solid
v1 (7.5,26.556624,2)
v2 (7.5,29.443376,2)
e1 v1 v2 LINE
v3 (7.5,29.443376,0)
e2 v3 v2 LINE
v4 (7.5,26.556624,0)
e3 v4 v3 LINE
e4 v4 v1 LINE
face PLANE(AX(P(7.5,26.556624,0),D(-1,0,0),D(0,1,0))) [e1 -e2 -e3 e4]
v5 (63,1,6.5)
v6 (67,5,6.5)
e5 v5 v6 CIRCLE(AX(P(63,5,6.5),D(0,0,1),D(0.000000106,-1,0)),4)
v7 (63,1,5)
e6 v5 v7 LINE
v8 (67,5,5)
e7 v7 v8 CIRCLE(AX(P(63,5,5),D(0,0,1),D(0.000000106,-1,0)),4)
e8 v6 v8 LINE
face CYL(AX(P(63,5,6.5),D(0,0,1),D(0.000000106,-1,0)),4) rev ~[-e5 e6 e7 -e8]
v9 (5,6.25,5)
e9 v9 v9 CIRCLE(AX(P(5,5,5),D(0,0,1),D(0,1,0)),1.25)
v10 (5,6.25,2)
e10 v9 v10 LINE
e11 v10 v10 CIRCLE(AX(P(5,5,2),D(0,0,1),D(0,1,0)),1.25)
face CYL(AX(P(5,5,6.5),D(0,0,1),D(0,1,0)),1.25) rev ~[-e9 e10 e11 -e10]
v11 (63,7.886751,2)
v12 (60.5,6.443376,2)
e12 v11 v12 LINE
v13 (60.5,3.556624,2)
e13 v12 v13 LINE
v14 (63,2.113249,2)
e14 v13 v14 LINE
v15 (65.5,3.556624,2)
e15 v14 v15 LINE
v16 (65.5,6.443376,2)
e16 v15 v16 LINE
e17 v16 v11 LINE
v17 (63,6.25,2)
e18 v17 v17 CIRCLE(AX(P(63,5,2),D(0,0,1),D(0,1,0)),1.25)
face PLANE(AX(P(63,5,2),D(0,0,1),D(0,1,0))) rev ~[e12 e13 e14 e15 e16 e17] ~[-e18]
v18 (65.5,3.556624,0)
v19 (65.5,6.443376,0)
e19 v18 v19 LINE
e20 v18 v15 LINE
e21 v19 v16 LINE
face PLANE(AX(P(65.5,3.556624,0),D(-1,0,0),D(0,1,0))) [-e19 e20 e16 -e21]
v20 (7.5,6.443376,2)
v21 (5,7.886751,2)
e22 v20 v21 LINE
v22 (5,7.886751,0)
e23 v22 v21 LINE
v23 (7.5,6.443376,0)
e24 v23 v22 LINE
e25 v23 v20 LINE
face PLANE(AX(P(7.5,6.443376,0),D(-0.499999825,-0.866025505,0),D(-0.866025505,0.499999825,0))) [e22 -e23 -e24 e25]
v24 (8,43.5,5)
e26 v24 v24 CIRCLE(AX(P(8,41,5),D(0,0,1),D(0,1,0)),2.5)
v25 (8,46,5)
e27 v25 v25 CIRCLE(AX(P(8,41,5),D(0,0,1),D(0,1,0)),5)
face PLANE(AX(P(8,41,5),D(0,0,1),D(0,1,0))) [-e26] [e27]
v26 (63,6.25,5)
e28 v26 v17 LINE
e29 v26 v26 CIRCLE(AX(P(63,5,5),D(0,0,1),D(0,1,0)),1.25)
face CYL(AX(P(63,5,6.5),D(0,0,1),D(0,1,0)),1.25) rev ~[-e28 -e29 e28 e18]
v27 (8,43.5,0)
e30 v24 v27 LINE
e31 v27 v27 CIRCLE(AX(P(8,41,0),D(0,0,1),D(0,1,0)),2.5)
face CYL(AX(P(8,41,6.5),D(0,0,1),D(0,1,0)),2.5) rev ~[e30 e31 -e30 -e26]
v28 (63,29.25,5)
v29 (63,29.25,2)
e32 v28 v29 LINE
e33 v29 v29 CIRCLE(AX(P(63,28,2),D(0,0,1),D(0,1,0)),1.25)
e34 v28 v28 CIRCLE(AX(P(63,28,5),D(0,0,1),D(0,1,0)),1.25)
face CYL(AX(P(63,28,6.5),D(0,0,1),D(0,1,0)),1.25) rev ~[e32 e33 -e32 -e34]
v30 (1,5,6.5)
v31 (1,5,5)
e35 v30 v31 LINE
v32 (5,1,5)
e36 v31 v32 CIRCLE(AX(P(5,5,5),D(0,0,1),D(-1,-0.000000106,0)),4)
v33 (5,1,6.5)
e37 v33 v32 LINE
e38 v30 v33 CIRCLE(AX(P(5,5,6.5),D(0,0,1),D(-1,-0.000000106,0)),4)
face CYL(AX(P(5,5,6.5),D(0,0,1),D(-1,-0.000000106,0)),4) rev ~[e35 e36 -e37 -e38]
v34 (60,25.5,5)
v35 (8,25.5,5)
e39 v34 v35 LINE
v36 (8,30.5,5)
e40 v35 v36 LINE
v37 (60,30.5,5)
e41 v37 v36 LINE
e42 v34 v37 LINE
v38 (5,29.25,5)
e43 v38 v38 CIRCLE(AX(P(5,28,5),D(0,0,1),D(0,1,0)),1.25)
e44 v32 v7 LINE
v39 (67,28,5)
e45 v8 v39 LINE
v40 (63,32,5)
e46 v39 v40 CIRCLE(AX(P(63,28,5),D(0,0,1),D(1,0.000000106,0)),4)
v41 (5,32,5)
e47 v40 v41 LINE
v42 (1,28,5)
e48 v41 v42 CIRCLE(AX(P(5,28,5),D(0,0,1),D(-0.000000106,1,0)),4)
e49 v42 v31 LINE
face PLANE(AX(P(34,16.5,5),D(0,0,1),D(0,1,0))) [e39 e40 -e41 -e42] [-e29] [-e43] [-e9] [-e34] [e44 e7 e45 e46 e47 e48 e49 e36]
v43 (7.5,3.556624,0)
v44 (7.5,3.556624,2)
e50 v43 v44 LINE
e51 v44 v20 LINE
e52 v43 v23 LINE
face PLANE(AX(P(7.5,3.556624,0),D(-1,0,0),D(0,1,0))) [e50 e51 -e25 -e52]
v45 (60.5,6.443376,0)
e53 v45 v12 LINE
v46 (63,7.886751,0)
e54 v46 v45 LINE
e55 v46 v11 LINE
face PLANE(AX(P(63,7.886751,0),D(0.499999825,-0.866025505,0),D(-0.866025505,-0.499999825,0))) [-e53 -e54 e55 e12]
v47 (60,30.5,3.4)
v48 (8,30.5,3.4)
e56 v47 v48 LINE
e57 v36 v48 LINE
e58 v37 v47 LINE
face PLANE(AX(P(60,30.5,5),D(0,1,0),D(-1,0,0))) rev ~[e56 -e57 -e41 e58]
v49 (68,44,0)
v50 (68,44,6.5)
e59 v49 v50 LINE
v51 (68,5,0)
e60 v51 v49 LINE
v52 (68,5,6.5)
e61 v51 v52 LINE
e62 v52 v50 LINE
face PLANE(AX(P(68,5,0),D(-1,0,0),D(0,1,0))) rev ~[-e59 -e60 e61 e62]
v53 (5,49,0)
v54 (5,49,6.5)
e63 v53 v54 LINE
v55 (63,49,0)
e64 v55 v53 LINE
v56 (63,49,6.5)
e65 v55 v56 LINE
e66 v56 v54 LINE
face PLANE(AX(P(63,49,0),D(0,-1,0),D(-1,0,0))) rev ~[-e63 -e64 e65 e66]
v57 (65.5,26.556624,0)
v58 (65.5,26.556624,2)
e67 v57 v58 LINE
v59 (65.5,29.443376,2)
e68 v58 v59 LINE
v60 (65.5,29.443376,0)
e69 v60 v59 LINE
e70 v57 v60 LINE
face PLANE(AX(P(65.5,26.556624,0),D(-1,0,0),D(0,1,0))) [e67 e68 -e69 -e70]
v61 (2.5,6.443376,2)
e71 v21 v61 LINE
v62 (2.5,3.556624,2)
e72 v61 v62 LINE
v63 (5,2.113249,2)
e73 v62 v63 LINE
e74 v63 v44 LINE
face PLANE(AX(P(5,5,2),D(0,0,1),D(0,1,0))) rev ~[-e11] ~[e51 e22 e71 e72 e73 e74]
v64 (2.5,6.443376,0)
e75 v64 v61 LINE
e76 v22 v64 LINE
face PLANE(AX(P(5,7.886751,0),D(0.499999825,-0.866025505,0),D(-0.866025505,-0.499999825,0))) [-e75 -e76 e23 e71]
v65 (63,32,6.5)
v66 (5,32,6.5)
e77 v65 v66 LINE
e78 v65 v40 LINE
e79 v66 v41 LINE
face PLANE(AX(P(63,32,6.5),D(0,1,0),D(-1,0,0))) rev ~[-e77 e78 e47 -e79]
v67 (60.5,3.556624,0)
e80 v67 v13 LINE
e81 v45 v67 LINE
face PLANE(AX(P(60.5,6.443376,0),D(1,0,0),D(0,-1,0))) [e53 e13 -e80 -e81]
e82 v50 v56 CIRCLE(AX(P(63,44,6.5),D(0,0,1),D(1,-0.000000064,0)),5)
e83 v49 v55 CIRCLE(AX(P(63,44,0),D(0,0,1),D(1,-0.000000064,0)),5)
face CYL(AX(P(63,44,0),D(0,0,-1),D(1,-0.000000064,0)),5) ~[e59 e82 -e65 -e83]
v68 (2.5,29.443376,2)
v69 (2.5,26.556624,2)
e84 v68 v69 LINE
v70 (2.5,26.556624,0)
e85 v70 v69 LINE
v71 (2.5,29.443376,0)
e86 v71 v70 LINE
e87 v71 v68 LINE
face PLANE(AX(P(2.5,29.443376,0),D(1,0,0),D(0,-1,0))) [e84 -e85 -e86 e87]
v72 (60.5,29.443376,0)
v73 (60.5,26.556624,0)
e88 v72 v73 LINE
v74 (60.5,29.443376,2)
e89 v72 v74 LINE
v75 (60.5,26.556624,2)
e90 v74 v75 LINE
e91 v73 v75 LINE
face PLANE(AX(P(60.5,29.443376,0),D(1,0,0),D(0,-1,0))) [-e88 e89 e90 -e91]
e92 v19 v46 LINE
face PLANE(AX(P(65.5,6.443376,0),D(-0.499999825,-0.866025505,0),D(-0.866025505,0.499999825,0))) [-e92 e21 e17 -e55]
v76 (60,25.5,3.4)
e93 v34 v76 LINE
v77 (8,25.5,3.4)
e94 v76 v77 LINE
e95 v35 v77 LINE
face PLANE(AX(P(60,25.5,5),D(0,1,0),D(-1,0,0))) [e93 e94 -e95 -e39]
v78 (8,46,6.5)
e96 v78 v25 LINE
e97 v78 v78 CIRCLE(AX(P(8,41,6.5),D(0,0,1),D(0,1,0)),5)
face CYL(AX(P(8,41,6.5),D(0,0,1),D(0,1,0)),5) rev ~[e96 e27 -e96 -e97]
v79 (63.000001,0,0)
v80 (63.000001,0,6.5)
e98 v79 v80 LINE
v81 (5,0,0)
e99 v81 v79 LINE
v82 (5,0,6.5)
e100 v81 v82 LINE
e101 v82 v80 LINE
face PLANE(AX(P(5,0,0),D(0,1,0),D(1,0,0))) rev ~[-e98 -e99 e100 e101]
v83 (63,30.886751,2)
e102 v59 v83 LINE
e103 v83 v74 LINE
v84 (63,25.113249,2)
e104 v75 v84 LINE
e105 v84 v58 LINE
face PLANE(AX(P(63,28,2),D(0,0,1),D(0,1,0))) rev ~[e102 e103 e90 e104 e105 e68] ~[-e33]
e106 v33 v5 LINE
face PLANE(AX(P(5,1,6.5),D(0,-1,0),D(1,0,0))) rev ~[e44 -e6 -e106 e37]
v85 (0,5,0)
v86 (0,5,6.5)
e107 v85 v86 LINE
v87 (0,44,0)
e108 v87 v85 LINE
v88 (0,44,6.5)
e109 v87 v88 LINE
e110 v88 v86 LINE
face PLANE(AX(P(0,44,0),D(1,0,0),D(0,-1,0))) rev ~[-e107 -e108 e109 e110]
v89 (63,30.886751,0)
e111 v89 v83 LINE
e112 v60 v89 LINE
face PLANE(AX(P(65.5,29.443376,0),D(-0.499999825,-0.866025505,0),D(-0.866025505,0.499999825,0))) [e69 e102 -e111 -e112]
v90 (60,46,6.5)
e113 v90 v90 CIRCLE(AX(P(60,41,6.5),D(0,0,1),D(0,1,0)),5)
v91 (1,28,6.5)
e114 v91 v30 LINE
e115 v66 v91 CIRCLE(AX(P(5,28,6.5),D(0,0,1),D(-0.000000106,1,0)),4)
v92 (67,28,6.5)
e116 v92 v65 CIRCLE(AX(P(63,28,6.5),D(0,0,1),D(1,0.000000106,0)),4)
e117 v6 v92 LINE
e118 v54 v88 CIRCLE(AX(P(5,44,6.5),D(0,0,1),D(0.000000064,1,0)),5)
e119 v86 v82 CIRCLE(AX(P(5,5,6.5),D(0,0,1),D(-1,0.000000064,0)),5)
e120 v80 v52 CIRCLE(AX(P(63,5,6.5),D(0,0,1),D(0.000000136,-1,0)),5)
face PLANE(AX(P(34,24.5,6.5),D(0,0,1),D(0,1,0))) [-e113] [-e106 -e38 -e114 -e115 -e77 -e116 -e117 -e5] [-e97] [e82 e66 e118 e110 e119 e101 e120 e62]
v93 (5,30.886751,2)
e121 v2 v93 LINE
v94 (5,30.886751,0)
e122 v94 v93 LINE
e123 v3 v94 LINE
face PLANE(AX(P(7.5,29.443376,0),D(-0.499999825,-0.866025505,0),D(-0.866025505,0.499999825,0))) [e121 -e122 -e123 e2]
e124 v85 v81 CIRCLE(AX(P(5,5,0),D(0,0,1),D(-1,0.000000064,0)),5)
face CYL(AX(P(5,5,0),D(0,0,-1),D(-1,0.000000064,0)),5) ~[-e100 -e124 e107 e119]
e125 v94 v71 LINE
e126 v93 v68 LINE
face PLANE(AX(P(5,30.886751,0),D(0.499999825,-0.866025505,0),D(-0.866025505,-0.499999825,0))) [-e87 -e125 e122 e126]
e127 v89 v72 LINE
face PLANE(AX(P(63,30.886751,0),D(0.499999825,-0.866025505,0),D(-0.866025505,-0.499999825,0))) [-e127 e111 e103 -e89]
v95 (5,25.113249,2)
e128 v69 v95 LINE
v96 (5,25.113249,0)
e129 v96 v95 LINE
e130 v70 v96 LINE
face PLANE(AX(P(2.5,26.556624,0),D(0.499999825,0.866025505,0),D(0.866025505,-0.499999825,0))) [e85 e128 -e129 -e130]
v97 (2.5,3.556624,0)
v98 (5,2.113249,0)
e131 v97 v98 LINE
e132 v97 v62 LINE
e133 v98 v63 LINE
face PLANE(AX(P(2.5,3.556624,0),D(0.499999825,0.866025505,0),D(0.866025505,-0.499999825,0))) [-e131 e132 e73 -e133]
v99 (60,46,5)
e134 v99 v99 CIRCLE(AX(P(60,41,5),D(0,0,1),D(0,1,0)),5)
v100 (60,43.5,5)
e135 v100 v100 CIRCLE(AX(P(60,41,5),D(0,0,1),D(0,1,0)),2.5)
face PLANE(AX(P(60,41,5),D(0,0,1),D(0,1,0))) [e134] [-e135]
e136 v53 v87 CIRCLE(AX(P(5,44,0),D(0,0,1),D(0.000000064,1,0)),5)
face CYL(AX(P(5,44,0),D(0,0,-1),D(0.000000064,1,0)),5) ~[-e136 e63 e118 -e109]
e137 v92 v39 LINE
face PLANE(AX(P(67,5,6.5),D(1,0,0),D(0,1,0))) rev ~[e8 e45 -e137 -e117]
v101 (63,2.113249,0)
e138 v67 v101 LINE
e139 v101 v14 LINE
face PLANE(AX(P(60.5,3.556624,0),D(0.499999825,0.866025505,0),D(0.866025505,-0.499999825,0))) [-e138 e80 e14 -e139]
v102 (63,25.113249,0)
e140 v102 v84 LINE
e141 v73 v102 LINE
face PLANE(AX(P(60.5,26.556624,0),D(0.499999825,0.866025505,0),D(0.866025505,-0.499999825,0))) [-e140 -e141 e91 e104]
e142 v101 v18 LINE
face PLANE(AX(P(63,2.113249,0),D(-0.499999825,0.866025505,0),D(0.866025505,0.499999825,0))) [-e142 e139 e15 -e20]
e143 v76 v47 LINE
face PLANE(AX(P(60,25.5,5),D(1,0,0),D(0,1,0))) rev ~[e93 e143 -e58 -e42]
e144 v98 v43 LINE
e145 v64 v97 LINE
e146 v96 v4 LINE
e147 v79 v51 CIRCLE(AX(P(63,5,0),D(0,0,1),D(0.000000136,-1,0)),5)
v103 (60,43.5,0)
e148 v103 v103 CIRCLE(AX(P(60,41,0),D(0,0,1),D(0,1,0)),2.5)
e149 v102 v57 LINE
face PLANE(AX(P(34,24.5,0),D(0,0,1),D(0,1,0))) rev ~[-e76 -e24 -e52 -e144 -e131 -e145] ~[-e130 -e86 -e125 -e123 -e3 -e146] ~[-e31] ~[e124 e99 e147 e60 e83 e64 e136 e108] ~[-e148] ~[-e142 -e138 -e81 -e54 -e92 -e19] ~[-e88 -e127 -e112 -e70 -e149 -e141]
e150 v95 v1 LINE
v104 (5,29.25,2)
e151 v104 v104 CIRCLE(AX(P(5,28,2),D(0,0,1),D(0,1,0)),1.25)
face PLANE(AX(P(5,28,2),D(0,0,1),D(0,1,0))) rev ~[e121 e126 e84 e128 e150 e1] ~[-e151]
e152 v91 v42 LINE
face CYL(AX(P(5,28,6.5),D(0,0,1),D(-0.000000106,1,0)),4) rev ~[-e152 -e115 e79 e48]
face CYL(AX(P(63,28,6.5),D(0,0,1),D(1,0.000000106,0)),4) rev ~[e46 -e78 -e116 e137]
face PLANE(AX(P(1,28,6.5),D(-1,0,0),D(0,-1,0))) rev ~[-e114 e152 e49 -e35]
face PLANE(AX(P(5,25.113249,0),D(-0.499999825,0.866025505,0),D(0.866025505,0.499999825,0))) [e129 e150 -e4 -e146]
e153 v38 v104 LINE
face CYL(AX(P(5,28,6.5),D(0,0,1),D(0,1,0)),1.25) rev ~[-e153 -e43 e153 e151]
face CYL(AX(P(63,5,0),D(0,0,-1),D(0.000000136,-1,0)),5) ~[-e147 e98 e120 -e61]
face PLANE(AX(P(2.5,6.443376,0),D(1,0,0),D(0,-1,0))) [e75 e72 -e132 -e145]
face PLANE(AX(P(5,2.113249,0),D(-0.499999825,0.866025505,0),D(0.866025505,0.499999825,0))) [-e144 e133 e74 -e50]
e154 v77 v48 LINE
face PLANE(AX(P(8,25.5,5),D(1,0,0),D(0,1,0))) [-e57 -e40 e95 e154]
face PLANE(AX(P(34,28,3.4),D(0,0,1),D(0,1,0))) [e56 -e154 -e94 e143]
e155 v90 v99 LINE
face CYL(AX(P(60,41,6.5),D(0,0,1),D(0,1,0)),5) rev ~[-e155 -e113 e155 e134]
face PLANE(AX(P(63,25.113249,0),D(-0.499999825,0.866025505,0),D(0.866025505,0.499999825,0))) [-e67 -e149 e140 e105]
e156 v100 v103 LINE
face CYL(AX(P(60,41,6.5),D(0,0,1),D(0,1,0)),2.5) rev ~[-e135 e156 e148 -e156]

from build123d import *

# Parameters (mm, degrees)
FACE005_W        = 5
FACE005_H        = 52
EXTRUDE005_DEPTH = 1.6
FACE004_R        = 5
EXTRUDE004_DEPTH = 1.5
EXTRUDE003_DEPTH = 2
FACE002_R        = 1.25
EXTRUDE002_DEPTH = 10
FACE001_R        = 2.5
EXTRUDE001_DEPTH = 10
EXTRUDE_DEPTH    = 6.5


with BuildPart() as extrude005:
    # Face005 → Extrude005 (new body)
    with BuildSketch(Plane(origin=(34, 28, 5), x_dir=(0, 1, 0), z_dir=(0, 0, 1))):
        Rectangle(FACE005_W, FACE005_H)
    extrude(amount=-EXTRUDE005_DEPTH)


with BuildPart() as extrude004:
    # Face004 → Extrude004 (new body)
    with BuildSketch(Plane(origin=(34, 16.5, 6.5), x_dir=(0, 1, 0), z_dir=(0, 0, 1))):
        with BuildLine():
            ThreePointArc((15.5, 29), (14.328427, 31.828427), (11.5, 33))
            Line((11.5, 33), (-11.5, 33))
            ThreePointArc((-11.5, 33), (-14.328427, 31.828427), (-15.5, 29))
            Line((-15.5, 29), (-15.5, -29))
            ThreePointArc((-15.5, -29), (-14.328427, -31.828427), (-11.5, -33))
            Line((-11.5, -33), (11.5, -33))
            ThreePointArc((11.5, -33), (14.328427, -31.828427), (15.5, -29))
            Line((15.5, -29), (15.5, 29))
        make_face()
        with Locations((24.5, 26)):
            Circle(FACE004_R)
        with Locations((24.5, -26)):
            Circle(FACE004_R)
    extrude(amount=-EXTRUDE004_DEPTH)


with BuildPart() as extrude003:
    # Face003 → Extrude003 (new body)
    with BuildSketch(Plane(origin=(5, 5, 0), x_dir=(0, 1, 0), z_dir=(0, 0, 1))):
        Polygon((-1.443376, -2.5), (1.443376, -2.5), (2.886751, 0), (1.443376, 2.5), (-1.443376, 2.5), (-2.886751, 0), align=None)
        Polygon((24.443376, -60.5), (25.886751, -58), (24.443376, -55.5), (21.556624, -55.5), (20.113249, -58), (21.556624, -60.5), align=None)
        Polygon((1.443376, -60.5), (2.886751, -58), (1.443376, -55.5), (-1.443376, -55.5), (-2.886751, -58), (-1.443376, -60.5), align=None)
        Polygon((24.443376, -2.5), (25.886751, 0), (24.443376, 2.5), (21.556624, 2.5), (20.113249, 0), (21.556624, -2.5), align=None)
    extrude(amount=EXTRUDE003_DEPTH)


with BuildPart() as extrude002:
    # Face002 → Extrude002 (new body)
    with BuildSketch(Plane(origin=(63, 28, 6.5), x_dir=(0, 1, 0), z_dir=(0, 0, 1))):
        Circle(FACE002_R)
        with Locations((-23, 0)):
            Circle(FACE002_R)
        with Locations((-23, 58)):
            Circle(FACE002_R)
        with Locations((0, 58)):
            Circle(FACE002_R)
    extrude(amount=-EXTRUDE002_DEPTH)


with BuildPart() as extrude001:
    # Face001 → Extrude001 (new body)
    with BuildSketch(Plane(origin=(60, 41, 6.5), x_dir=(0, 1, 0), z_dir=(0, 0, 1))):
        Circle(FACE001_R)
        with Locations((0, 52)):
            Circle(FACE001_R)
    extrude(amount=-EXTRUDE001_DEPTH)


with BuildPart() as cut004:
    # Face → Extrude (new body)
    with BuildSketch(Plane(origin=(34, 24.5, 0), x_dir=(0, 1, 0), z_dir=(0, 0, 1))):
        with BuildLine():
            ThreePointArc((-19.5, 34), (-23.035534, 32.535534), (-24.5, 29))
            Line((-24.5, 29), (-24.5, -29.000001))
            ThreePointArc((-24.5, -29.000001), (-23.035534, -32.535534), (-19.5, -34))
            Line((-19.5, -34), (19.5, -34))
            ThreePointArc((19.5, -34), (23.035534, -32.535534), (24.5, -29))
            Line((24.5, -29), (24.5, 29))
            ThreePointArc((24.5, 29), (23.035534, 32.535534), (19.5, 34))
            Line((19.5, 34), (-19.5, 34))
        make_face()
    extrude(amount=EXTRUDE_DEPTH)

    # Cut: cut Extrude001
    add(extrude001.part, mode=Mode.SUBTRACT)

    # Cut001: cut Extrude002
    add(extrude002.part, mode=Mode.SUBTRACT)

    # Cut002: cut Extrude003
    add(extrude003.part, mode=Mode.SUBTRACT)

    # Cut003: cut Extrude004
    add(extrude004.part, mode=Mode.SUBTRACT)

    # Cut004: cut Extrude005
    add(extrude005.part, mode=Mode.SUBTRACT)


solid = cut004.part
